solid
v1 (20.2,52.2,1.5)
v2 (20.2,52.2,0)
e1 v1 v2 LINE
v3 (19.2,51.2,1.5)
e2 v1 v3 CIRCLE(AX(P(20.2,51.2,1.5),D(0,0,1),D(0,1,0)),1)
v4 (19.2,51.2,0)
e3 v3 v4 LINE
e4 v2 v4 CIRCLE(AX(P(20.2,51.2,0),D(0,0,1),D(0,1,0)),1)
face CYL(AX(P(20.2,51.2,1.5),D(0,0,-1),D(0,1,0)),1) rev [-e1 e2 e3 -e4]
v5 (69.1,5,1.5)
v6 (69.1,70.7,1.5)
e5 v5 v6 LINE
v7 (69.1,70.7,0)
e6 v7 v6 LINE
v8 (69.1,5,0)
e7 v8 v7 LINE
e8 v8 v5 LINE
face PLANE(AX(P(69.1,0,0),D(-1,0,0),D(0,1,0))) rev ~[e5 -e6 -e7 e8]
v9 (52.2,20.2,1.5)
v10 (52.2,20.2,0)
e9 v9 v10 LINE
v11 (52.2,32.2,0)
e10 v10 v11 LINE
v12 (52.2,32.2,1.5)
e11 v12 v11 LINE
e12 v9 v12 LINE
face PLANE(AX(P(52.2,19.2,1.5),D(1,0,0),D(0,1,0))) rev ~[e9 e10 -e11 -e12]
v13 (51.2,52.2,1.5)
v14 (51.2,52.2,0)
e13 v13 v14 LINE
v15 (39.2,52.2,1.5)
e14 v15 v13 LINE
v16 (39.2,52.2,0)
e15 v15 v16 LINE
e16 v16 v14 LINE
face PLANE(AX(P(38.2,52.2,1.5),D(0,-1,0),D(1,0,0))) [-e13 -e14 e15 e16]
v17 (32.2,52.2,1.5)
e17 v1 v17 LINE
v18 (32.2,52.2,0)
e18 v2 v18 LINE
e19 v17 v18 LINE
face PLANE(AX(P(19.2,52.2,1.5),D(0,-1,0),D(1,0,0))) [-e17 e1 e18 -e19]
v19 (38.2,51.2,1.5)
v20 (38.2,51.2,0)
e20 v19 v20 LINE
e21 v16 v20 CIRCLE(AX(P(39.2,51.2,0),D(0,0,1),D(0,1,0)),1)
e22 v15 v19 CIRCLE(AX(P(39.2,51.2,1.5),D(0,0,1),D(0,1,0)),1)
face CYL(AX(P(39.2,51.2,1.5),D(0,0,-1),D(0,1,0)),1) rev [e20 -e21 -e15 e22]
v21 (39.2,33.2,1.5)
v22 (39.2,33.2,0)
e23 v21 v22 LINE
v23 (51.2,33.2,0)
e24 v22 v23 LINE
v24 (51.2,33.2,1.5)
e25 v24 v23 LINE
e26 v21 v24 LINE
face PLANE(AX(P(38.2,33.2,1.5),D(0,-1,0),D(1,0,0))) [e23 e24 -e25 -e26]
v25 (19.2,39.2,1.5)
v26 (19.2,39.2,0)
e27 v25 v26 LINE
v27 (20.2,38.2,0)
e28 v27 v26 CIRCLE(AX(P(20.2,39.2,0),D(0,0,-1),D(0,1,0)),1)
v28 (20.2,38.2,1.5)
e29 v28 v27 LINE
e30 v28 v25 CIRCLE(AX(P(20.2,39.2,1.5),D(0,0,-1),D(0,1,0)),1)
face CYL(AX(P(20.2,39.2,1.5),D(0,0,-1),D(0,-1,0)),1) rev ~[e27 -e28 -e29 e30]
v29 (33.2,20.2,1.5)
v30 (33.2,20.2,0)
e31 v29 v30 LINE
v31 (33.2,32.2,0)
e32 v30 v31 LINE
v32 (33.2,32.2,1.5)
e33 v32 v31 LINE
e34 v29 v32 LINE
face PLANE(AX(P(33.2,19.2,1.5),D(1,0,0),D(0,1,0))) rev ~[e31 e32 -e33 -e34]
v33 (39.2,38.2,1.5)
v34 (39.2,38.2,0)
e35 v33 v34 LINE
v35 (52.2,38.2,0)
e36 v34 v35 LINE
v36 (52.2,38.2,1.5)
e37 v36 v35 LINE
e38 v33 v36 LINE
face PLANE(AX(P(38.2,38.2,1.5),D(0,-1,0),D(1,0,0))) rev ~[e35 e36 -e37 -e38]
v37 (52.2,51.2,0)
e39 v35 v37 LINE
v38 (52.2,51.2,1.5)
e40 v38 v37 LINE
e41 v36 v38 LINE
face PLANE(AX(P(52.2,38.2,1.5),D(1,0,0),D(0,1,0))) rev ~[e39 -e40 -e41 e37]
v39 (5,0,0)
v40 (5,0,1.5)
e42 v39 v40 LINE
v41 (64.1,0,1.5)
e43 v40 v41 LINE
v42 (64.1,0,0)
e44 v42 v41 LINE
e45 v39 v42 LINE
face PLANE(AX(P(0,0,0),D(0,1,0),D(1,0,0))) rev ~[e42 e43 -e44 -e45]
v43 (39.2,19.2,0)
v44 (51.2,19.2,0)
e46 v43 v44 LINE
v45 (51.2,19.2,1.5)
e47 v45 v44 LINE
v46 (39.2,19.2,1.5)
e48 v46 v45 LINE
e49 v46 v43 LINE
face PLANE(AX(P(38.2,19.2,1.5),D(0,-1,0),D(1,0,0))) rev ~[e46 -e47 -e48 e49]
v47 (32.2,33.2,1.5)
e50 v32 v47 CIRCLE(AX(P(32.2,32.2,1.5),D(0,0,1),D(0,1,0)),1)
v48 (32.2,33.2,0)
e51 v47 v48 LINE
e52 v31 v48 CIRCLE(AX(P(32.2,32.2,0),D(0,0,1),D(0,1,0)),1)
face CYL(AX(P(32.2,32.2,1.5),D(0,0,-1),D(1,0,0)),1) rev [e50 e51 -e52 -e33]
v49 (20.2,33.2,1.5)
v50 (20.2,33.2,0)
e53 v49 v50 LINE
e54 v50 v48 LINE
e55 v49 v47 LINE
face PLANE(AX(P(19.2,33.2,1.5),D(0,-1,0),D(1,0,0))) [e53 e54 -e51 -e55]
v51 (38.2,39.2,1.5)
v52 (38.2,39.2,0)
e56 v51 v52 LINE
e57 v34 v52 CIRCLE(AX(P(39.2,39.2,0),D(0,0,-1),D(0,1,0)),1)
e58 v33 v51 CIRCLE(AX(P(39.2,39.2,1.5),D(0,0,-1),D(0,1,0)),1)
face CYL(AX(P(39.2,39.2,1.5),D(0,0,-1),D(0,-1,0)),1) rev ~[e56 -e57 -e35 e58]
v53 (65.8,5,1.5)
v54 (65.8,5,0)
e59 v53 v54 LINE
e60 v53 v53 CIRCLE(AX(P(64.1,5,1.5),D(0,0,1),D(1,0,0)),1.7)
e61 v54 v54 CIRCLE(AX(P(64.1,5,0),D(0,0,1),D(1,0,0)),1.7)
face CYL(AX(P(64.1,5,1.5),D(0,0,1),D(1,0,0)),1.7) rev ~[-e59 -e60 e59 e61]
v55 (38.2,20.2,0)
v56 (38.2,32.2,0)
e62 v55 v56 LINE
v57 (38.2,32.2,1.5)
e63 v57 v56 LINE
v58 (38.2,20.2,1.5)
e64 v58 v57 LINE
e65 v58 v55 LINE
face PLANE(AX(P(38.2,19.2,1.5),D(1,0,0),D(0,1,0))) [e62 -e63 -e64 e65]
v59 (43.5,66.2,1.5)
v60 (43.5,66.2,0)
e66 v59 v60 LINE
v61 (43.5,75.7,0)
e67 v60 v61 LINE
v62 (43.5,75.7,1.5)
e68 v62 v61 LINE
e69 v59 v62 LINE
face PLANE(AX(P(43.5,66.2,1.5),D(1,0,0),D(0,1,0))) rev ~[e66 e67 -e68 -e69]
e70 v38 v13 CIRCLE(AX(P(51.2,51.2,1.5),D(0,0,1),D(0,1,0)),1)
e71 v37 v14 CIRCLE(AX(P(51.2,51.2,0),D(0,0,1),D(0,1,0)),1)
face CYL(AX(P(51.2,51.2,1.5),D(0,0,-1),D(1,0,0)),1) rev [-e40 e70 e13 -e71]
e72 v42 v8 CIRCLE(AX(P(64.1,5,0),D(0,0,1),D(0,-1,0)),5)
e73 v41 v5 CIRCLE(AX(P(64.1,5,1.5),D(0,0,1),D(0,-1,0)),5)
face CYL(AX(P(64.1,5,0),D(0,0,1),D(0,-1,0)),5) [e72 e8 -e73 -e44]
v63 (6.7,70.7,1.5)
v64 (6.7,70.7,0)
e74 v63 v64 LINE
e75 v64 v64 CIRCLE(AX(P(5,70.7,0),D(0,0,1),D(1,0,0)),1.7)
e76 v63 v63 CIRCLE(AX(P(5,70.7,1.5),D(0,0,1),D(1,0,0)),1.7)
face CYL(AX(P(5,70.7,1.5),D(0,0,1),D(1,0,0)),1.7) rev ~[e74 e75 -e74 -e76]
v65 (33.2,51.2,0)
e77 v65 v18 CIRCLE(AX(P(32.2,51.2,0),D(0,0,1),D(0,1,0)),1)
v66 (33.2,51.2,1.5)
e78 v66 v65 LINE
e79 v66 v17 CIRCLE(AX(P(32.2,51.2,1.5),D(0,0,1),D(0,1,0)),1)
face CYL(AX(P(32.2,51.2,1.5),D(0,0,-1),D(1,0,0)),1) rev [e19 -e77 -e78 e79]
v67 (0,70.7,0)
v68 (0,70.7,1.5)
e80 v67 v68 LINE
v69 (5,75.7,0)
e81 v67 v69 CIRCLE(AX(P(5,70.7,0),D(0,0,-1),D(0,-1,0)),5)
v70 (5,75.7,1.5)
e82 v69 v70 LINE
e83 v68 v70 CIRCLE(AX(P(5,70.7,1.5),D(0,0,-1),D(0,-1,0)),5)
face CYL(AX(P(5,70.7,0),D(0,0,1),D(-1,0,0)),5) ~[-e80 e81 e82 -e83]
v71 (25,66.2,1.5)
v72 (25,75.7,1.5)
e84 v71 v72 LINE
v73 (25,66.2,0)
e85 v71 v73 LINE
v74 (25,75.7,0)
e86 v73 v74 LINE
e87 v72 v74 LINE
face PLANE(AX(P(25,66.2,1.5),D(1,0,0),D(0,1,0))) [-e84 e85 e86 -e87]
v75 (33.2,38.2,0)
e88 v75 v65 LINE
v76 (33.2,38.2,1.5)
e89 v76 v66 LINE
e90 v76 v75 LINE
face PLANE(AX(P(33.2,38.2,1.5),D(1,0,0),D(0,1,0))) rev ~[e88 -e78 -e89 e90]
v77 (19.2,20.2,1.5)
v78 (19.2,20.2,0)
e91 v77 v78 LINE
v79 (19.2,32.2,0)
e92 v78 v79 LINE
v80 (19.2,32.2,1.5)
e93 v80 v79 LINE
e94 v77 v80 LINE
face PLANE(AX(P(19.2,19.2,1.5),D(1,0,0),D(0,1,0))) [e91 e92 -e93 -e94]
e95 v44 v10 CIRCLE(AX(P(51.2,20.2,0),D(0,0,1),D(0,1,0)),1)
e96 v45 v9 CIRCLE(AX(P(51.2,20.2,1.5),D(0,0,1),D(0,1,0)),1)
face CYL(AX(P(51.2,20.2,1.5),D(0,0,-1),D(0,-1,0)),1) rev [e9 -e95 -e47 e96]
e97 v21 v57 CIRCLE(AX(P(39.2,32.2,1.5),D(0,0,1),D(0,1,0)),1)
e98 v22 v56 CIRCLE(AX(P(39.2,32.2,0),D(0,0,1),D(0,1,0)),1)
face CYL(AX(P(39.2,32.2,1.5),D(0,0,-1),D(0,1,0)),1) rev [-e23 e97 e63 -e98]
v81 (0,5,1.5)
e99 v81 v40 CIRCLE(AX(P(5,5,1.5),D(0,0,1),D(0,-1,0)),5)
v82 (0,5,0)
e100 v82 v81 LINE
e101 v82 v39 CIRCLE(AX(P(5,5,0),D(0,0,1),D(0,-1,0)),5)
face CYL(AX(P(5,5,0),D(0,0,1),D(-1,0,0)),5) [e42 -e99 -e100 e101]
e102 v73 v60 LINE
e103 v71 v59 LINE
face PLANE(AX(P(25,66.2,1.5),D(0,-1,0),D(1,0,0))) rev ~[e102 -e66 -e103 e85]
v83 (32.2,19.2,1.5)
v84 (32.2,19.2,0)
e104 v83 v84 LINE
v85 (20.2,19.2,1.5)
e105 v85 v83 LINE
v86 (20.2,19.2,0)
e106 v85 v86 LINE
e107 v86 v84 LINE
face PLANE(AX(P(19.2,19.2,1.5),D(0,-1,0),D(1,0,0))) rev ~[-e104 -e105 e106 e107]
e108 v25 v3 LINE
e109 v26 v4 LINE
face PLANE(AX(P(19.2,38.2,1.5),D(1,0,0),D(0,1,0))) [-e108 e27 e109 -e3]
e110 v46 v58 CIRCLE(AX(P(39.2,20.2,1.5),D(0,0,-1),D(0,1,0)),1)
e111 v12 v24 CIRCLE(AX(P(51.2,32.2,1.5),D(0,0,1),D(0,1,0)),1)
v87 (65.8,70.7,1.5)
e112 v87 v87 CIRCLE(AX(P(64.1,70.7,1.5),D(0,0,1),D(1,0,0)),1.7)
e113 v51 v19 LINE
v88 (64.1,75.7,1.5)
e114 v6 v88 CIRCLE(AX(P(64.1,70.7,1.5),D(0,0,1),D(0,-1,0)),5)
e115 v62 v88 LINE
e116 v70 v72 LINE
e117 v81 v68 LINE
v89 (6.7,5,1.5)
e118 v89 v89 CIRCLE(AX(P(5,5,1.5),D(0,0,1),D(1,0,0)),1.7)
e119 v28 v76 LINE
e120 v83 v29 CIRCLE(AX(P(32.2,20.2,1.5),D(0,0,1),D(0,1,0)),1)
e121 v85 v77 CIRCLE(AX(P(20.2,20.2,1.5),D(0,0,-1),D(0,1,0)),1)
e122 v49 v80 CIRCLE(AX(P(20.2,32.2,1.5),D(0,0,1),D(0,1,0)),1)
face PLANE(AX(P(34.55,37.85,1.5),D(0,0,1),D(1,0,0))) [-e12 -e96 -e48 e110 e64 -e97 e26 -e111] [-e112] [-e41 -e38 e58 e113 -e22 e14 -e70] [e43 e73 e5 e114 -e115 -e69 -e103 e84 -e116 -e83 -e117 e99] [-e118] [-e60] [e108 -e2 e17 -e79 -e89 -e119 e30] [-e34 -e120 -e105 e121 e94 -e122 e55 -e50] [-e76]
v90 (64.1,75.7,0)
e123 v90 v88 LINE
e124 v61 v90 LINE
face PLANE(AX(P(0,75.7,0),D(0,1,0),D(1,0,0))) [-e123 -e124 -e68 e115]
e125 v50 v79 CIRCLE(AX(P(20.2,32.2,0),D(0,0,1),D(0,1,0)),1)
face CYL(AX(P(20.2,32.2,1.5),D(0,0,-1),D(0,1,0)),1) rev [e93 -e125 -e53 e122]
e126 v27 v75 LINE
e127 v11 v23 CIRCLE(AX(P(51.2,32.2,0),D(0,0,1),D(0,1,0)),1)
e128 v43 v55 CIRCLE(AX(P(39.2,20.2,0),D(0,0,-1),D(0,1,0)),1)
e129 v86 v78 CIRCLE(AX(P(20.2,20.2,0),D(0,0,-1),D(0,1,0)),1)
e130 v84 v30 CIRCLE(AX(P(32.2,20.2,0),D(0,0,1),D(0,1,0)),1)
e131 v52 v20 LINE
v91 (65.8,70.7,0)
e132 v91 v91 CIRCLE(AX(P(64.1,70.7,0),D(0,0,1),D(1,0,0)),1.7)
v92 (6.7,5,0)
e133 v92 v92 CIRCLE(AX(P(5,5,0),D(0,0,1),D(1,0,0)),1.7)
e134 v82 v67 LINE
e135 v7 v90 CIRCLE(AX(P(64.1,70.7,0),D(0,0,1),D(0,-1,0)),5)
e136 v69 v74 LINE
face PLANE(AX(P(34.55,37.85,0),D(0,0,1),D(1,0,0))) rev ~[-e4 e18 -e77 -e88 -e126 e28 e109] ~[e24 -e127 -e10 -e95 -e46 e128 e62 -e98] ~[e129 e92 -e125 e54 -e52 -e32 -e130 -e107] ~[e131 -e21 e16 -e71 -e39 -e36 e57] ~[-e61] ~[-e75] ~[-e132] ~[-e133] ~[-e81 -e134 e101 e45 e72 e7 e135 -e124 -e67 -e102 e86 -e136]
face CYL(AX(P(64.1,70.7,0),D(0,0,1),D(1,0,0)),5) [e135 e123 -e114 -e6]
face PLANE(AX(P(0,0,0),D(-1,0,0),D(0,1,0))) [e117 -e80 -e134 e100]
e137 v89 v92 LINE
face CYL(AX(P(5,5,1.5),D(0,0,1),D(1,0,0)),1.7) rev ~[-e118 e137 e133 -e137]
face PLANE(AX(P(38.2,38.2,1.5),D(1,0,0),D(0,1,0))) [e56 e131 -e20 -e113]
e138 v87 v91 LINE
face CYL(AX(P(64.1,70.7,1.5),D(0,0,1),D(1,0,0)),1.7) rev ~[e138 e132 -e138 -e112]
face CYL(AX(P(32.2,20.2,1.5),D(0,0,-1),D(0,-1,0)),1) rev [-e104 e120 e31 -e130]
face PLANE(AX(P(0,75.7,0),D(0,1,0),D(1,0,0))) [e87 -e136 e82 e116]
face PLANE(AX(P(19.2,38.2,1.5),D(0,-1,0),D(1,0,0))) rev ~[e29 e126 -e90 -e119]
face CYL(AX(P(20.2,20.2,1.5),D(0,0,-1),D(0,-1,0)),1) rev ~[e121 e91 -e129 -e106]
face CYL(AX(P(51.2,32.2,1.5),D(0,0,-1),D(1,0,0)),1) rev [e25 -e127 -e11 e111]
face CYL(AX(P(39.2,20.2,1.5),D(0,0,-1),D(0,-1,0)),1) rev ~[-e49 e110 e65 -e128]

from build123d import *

# Parameters (mm, degrees)
SKETCH_W      = 69.1
SKETCH_H      = 75.7
PAD_DEPTH     = 1.5
FILLET_R      = 5
SKETCH001_R   = 1.7
HOLE_DEPTH    = 25
SKETCH002_W   = 14
SKETCH002_H   = 14
SKETCH002_W_2 = 18.5
SKETCH002_H_2 = 9.5
POCKET_DEPTH  = 5
FILLET001_R   = 1


with BuildPart() as part:
    # Sketch → Pad (new body)
    with BuildSketch(Plane.XY):
        with Locations((34.55, 37.85)):
            Rectangle(SKETCH_W, SKETCH_H)
    extrude(amount=PAD_DEPTH)

    # Fillet
    fillet_edges = [part.edges().sort_by_distance(p)[0] for p in [
        (0, 0, 0.75),
        (69.1, 0, 0.75),
        (69.1, 75.7, 0.75),
        (0, 75.7, 0.75),
    ]]
    fillet(fillet_edges, radius=FILLET_R)

    # Sketch001 (on Face5 of Fillet) → Hole (cut)
    with BuildSketch(Plane.XY.offset(1.5)):
        with Locations((5, 5)):
            Circle(SKETCH001_R)
        with Locations((64.1, 5)):
            Circle(SKETCH001_R)
        with Locations((5, 70.7)):
            Circle(SKETCH001_R)
        with Locations((64.1, 70.7)):
            Circle(SKETCH001_R)
    extrude(amount=-HOLE_DEPTH, mode=Mode.SUBTRACT)

    # Sketch002 (on Face5 of Hole) → Pocket (cut)
    with BuildSketch(Plane.XY.offset(1.5)):
        with Locations((26.2, 26.2)):
            Rectangle(SKETCH002_W, SKETCH002_H)
        with Locations((45.2, 26.2)):
            Rectangle(SKETCH002_W, SKETCH002_H)
        with Locations((26.2, 45.2)):
            Rectangle(SKETCH002_W, SKETCH002_H)
        with Locations((45.2, 45.2)):
            Rectangle(SKETCH002_W, SKETCH002_H)
        with Locations((34.25, 70.95)):
            Rectangle(SKETCH002_W_2, SKETCH002_H_2)
    extrude(amount=-POCKET_DEPTH, mode=Mode.SUBTRACT)

    # Fillet001
    fillet001_edges = [part.edges().sort_by_distance(p)[0] for p in [
        (19.2, 52.2, 0.75),
        (38.2, 52.2, 0.75),
        (38.2, 33.2, 0.75),
        (19.2, 33.2, 0.75),
        (38.2, 38.2, 0.75),
        (38.2, 19.2, 0.75),
        (19.2, 19.2, 0.75),
        (52.2, 19.2, 0.75),
        (33.2, 19.2, 0.75),
        (19.2, 38.2, 0.75),
        (52.2, 52.2, 0.75),
        (52.2, 33.2, 0.75),
        (33.2, 33.2, 0.75),
        (33.2, 52.2, 0.75),
    ]]
    fillet(fillet001_edges, radius=FILLET001_R)


solid = part.part
